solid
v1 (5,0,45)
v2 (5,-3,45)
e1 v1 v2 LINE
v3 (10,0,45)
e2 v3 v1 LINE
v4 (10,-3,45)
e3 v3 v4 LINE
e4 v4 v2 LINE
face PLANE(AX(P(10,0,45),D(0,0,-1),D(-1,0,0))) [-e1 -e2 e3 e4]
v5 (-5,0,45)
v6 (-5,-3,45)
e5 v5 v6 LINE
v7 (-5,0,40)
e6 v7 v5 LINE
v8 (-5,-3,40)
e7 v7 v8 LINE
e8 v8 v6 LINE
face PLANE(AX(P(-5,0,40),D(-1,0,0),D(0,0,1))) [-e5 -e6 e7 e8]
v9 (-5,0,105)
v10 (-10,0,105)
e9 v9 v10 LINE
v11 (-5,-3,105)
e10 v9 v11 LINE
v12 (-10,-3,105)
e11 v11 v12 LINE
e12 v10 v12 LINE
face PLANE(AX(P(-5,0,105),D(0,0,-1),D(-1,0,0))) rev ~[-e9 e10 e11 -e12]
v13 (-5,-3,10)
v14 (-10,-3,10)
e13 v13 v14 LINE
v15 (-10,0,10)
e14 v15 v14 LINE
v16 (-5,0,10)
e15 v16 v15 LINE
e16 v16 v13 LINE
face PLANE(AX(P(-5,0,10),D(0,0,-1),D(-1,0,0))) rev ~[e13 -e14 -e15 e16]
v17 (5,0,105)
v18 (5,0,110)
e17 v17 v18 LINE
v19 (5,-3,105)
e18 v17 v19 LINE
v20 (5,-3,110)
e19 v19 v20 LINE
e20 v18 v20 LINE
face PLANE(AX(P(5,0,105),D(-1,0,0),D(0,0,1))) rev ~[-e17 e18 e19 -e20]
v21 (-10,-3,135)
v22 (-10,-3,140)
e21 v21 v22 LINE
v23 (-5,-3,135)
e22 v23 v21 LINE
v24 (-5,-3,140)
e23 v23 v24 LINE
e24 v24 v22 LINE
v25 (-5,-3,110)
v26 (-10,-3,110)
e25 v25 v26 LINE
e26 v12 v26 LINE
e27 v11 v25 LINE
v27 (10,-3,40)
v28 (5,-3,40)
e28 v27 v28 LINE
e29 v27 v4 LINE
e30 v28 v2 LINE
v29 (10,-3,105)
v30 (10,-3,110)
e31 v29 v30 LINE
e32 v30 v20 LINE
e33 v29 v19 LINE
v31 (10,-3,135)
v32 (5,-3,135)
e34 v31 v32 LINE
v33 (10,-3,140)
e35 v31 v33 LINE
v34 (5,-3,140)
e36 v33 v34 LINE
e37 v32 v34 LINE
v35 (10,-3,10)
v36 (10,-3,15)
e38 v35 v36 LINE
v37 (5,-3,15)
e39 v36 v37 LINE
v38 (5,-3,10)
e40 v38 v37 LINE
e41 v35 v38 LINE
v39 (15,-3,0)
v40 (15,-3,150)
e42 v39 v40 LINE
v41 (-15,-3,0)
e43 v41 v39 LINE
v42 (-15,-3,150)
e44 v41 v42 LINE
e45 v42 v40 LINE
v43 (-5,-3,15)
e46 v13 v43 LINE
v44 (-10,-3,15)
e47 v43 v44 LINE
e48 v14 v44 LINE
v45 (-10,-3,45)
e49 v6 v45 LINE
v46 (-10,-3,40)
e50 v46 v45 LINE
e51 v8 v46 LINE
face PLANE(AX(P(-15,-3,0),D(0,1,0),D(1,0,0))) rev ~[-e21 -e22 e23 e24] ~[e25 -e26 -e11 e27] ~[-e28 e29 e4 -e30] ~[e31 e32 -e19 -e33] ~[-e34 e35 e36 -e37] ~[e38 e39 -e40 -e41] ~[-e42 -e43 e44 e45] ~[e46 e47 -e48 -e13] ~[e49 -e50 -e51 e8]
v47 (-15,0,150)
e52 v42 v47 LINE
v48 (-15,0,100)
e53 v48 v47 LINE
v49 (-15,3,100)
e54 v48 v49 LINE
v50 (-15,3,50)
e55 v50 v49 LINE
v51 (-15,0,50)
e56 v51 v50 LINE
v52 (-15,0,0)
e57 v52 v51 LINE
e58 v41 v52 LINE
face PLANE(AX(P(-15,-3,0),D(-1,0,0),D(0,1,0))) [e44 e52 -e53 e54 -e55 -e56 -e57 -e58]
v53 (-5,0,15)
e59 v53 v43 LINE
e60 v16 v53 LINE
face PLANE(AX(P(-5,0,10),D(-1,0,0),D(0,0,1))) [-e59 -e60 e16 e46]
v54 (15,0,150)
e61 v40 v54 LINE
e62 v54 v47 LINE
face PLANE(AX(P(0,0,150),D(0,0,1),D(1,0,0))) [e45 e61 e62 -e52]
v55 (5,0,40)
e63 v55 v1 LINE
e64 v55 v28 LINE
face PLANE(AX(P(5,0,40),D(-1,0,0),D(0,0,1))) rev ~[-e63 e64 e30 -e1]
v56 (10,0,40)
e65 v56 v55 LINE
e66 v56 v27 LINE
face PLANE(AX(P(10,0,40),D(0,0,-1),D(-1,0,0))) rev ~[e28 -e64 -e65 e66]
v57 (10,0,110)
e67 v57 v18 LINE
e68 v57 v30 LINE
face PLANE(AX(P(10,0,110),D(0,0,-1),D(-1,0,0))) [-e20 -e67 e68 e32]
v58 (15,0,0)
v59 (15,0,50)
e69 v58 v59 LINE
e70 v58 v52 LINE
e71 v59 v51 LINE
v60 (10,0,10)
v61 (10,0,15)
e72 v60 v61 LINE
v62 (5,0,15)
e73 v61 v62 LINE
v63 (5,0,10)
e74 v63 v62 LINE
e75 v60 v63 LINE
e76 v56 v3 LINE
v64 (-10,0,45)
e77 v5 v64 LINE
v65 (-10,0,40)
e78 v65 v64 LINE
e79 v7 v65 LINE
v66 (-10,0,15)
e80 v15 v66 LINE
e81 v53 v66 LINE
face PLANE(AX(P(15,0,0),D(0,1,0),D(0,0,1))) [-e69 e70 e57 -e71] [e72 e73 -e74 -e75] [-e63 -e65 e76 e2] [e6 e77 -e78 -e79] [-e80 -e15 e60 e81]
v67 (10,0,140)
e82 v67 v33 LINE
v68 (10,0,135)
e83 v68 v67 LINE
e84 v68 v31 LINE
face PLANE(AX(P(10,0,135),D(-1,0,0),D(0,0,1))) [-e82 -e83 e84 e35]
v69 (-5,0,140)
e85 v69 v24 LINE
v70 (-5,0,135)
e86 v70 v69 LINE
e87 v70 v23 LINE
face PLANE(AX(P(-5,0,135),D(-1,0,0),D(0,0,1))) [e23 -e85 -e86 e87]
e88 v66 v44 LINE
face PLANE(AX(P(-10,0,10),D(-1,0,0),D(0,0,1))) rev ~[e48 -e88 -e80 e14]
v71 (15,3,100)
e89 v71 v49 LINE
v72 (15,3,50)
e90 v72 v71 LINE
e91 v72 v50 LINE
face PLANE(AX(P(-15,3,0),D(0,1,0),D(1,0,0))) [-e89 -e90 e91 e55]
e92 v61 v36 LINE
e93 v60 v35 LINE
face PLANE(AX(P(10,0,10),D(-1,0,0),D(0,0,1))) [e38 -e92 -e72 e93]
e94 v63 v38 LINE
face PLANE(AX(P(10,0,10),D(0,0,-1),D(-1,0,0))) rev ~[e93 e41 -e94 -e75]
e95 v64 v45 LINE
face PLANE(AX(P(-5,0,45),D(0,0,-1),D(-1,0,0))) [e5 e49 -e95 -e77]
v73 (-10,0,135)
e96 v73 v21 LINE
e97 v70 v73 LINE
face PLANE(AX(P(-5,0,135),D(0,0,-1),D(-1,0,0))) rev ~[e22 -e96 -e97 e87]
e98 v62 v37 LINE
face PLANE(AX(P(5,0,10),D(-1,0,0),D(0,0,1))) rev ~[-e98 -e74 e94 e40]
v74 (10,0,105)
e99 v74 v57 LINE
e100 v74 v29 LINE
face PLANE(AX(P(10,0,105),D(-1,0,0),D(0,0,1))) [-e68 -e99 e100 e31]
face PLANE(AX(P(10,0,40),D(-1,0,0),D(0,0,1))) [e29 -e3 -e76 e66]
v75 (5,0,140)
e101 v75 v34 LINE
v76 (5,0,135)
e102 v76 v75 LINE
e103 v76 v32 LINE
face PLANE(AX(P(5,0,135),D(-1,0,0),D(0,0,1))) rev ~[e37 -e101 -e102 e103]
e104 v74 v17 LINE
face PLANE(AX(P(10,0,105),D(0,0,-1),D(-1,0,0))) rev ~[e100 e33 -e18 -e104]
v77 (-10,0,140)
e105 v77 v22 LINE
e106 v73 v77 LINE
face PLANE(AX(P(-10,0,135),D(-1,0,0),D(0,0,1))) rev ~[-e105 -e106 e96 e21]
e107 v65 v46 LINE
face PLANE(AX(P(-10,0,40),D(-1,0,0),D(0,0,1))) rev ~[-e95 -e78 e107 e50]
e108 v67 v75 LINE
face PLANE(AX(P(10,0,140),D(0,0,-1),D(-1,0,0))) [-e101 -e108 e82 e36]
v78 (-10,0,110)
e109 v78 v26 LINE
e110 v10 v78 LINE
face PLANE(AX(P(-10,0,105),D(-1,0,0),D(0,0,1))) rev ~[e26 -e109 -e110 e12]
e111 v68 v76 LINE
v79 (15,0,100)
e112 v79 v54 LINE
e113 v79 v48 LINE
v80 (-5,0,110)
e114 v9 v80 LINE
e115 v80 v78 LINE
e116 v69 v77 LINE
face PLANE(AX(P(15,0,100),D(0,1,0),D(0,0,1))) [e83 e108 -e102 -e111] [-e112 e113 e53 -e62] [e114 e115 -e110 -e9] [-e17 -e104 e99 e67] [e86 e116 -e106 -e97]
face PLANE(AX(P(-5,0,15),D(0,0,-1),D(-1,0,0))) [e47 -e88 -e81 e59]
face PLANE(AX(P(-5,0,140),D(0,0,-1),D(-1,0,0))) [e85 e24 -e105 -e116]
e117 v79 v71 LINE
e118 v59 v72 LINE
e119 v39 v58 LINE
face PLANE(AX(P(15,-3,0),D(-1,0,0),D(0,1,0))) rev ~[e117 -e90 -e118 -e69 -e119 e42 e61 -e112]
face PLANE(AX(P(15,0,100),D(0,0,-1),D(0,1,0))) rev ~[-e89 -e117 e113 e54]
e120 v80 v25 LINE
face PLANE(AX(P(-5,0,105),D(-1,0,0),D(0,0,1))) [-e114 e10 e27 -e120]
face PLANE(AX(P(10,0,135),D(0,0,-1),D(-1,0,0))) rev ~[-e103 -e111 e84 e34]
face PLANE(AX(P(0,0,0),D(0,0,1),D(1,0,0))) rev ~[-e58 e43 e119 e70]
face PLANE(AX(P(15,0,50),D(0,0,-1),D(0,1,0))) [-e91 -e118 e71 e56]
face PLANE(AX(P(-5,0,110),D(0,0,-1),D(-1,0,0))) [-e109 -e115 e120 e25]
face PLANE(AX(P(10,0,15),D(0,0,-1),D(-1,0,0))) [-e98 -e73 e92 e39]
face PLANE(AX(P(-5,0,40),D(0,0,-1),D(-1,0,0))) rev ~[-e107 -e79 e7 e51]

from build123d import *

# Parameters (mm, degrees)
F0_W     = 30
F0_H     = 6
F1_DEPTH = 150
F2_W     = 3
F2_H     = 50
F3_DEPTH = 30
F4_W     = 5
F4_H     = 5
F5_DEPTH = 3


with BuildPart() as f1:
    # F0 (on Top) → F1 (new body)
    with BuildSketch(Plane.XY):
        Rectangle(F0_W, F0_H)
    extrude(amount=F1_DEPTH)

    # F2 (on face) → F3 (cut, through all)
    with BuildSketch(Plane.YZ.offset(15)):
        with Locations((1.5, 125)):
            Rectangle(F2_W, F2_H)
        with Locations((1.5, 25)):
            Rectangle(F2_W, F2_H)
    extrude(amount=-F3_DEPTH, mode=Mode.SUBTRACT)

    # F4 (on face) → F5 (cut, through all)
    with BuildSketch(Plane(origin=(0, 0, 0), x_dir=(-1, 0, 0), z_dir=(0, 1, 0))):
        with Locations((7.5, 12.5)):
            Rectangle(F4_W, F4_H)
        with Locations((-7.5, 12.5)):
            Rectangle(F4_W, F4_H)
        with Locations((-7.5, 42.5)):
            Rectangle(F4_W, F4_H)
        with Locations((7.5, 42.5)):
            Rectangle(F4_W, F4_H)
        with Locations((7.5, 107.5)):
            Rectangle(F4_W, F4_H)
        with Locations((-7.5, 107.5)):
            Rectangle(F4_W, F4_H)
        with Locations((-7.5, 137.5)):
            Rectangle(F4_W, F4_H)
        with Locations((7.5, 137.5)):
            Rectangle(F4_W, F4_H)
    extrude(amount=-F5_DEPTH, mode=Mode.SUBTRACT)


solid = f1.part
